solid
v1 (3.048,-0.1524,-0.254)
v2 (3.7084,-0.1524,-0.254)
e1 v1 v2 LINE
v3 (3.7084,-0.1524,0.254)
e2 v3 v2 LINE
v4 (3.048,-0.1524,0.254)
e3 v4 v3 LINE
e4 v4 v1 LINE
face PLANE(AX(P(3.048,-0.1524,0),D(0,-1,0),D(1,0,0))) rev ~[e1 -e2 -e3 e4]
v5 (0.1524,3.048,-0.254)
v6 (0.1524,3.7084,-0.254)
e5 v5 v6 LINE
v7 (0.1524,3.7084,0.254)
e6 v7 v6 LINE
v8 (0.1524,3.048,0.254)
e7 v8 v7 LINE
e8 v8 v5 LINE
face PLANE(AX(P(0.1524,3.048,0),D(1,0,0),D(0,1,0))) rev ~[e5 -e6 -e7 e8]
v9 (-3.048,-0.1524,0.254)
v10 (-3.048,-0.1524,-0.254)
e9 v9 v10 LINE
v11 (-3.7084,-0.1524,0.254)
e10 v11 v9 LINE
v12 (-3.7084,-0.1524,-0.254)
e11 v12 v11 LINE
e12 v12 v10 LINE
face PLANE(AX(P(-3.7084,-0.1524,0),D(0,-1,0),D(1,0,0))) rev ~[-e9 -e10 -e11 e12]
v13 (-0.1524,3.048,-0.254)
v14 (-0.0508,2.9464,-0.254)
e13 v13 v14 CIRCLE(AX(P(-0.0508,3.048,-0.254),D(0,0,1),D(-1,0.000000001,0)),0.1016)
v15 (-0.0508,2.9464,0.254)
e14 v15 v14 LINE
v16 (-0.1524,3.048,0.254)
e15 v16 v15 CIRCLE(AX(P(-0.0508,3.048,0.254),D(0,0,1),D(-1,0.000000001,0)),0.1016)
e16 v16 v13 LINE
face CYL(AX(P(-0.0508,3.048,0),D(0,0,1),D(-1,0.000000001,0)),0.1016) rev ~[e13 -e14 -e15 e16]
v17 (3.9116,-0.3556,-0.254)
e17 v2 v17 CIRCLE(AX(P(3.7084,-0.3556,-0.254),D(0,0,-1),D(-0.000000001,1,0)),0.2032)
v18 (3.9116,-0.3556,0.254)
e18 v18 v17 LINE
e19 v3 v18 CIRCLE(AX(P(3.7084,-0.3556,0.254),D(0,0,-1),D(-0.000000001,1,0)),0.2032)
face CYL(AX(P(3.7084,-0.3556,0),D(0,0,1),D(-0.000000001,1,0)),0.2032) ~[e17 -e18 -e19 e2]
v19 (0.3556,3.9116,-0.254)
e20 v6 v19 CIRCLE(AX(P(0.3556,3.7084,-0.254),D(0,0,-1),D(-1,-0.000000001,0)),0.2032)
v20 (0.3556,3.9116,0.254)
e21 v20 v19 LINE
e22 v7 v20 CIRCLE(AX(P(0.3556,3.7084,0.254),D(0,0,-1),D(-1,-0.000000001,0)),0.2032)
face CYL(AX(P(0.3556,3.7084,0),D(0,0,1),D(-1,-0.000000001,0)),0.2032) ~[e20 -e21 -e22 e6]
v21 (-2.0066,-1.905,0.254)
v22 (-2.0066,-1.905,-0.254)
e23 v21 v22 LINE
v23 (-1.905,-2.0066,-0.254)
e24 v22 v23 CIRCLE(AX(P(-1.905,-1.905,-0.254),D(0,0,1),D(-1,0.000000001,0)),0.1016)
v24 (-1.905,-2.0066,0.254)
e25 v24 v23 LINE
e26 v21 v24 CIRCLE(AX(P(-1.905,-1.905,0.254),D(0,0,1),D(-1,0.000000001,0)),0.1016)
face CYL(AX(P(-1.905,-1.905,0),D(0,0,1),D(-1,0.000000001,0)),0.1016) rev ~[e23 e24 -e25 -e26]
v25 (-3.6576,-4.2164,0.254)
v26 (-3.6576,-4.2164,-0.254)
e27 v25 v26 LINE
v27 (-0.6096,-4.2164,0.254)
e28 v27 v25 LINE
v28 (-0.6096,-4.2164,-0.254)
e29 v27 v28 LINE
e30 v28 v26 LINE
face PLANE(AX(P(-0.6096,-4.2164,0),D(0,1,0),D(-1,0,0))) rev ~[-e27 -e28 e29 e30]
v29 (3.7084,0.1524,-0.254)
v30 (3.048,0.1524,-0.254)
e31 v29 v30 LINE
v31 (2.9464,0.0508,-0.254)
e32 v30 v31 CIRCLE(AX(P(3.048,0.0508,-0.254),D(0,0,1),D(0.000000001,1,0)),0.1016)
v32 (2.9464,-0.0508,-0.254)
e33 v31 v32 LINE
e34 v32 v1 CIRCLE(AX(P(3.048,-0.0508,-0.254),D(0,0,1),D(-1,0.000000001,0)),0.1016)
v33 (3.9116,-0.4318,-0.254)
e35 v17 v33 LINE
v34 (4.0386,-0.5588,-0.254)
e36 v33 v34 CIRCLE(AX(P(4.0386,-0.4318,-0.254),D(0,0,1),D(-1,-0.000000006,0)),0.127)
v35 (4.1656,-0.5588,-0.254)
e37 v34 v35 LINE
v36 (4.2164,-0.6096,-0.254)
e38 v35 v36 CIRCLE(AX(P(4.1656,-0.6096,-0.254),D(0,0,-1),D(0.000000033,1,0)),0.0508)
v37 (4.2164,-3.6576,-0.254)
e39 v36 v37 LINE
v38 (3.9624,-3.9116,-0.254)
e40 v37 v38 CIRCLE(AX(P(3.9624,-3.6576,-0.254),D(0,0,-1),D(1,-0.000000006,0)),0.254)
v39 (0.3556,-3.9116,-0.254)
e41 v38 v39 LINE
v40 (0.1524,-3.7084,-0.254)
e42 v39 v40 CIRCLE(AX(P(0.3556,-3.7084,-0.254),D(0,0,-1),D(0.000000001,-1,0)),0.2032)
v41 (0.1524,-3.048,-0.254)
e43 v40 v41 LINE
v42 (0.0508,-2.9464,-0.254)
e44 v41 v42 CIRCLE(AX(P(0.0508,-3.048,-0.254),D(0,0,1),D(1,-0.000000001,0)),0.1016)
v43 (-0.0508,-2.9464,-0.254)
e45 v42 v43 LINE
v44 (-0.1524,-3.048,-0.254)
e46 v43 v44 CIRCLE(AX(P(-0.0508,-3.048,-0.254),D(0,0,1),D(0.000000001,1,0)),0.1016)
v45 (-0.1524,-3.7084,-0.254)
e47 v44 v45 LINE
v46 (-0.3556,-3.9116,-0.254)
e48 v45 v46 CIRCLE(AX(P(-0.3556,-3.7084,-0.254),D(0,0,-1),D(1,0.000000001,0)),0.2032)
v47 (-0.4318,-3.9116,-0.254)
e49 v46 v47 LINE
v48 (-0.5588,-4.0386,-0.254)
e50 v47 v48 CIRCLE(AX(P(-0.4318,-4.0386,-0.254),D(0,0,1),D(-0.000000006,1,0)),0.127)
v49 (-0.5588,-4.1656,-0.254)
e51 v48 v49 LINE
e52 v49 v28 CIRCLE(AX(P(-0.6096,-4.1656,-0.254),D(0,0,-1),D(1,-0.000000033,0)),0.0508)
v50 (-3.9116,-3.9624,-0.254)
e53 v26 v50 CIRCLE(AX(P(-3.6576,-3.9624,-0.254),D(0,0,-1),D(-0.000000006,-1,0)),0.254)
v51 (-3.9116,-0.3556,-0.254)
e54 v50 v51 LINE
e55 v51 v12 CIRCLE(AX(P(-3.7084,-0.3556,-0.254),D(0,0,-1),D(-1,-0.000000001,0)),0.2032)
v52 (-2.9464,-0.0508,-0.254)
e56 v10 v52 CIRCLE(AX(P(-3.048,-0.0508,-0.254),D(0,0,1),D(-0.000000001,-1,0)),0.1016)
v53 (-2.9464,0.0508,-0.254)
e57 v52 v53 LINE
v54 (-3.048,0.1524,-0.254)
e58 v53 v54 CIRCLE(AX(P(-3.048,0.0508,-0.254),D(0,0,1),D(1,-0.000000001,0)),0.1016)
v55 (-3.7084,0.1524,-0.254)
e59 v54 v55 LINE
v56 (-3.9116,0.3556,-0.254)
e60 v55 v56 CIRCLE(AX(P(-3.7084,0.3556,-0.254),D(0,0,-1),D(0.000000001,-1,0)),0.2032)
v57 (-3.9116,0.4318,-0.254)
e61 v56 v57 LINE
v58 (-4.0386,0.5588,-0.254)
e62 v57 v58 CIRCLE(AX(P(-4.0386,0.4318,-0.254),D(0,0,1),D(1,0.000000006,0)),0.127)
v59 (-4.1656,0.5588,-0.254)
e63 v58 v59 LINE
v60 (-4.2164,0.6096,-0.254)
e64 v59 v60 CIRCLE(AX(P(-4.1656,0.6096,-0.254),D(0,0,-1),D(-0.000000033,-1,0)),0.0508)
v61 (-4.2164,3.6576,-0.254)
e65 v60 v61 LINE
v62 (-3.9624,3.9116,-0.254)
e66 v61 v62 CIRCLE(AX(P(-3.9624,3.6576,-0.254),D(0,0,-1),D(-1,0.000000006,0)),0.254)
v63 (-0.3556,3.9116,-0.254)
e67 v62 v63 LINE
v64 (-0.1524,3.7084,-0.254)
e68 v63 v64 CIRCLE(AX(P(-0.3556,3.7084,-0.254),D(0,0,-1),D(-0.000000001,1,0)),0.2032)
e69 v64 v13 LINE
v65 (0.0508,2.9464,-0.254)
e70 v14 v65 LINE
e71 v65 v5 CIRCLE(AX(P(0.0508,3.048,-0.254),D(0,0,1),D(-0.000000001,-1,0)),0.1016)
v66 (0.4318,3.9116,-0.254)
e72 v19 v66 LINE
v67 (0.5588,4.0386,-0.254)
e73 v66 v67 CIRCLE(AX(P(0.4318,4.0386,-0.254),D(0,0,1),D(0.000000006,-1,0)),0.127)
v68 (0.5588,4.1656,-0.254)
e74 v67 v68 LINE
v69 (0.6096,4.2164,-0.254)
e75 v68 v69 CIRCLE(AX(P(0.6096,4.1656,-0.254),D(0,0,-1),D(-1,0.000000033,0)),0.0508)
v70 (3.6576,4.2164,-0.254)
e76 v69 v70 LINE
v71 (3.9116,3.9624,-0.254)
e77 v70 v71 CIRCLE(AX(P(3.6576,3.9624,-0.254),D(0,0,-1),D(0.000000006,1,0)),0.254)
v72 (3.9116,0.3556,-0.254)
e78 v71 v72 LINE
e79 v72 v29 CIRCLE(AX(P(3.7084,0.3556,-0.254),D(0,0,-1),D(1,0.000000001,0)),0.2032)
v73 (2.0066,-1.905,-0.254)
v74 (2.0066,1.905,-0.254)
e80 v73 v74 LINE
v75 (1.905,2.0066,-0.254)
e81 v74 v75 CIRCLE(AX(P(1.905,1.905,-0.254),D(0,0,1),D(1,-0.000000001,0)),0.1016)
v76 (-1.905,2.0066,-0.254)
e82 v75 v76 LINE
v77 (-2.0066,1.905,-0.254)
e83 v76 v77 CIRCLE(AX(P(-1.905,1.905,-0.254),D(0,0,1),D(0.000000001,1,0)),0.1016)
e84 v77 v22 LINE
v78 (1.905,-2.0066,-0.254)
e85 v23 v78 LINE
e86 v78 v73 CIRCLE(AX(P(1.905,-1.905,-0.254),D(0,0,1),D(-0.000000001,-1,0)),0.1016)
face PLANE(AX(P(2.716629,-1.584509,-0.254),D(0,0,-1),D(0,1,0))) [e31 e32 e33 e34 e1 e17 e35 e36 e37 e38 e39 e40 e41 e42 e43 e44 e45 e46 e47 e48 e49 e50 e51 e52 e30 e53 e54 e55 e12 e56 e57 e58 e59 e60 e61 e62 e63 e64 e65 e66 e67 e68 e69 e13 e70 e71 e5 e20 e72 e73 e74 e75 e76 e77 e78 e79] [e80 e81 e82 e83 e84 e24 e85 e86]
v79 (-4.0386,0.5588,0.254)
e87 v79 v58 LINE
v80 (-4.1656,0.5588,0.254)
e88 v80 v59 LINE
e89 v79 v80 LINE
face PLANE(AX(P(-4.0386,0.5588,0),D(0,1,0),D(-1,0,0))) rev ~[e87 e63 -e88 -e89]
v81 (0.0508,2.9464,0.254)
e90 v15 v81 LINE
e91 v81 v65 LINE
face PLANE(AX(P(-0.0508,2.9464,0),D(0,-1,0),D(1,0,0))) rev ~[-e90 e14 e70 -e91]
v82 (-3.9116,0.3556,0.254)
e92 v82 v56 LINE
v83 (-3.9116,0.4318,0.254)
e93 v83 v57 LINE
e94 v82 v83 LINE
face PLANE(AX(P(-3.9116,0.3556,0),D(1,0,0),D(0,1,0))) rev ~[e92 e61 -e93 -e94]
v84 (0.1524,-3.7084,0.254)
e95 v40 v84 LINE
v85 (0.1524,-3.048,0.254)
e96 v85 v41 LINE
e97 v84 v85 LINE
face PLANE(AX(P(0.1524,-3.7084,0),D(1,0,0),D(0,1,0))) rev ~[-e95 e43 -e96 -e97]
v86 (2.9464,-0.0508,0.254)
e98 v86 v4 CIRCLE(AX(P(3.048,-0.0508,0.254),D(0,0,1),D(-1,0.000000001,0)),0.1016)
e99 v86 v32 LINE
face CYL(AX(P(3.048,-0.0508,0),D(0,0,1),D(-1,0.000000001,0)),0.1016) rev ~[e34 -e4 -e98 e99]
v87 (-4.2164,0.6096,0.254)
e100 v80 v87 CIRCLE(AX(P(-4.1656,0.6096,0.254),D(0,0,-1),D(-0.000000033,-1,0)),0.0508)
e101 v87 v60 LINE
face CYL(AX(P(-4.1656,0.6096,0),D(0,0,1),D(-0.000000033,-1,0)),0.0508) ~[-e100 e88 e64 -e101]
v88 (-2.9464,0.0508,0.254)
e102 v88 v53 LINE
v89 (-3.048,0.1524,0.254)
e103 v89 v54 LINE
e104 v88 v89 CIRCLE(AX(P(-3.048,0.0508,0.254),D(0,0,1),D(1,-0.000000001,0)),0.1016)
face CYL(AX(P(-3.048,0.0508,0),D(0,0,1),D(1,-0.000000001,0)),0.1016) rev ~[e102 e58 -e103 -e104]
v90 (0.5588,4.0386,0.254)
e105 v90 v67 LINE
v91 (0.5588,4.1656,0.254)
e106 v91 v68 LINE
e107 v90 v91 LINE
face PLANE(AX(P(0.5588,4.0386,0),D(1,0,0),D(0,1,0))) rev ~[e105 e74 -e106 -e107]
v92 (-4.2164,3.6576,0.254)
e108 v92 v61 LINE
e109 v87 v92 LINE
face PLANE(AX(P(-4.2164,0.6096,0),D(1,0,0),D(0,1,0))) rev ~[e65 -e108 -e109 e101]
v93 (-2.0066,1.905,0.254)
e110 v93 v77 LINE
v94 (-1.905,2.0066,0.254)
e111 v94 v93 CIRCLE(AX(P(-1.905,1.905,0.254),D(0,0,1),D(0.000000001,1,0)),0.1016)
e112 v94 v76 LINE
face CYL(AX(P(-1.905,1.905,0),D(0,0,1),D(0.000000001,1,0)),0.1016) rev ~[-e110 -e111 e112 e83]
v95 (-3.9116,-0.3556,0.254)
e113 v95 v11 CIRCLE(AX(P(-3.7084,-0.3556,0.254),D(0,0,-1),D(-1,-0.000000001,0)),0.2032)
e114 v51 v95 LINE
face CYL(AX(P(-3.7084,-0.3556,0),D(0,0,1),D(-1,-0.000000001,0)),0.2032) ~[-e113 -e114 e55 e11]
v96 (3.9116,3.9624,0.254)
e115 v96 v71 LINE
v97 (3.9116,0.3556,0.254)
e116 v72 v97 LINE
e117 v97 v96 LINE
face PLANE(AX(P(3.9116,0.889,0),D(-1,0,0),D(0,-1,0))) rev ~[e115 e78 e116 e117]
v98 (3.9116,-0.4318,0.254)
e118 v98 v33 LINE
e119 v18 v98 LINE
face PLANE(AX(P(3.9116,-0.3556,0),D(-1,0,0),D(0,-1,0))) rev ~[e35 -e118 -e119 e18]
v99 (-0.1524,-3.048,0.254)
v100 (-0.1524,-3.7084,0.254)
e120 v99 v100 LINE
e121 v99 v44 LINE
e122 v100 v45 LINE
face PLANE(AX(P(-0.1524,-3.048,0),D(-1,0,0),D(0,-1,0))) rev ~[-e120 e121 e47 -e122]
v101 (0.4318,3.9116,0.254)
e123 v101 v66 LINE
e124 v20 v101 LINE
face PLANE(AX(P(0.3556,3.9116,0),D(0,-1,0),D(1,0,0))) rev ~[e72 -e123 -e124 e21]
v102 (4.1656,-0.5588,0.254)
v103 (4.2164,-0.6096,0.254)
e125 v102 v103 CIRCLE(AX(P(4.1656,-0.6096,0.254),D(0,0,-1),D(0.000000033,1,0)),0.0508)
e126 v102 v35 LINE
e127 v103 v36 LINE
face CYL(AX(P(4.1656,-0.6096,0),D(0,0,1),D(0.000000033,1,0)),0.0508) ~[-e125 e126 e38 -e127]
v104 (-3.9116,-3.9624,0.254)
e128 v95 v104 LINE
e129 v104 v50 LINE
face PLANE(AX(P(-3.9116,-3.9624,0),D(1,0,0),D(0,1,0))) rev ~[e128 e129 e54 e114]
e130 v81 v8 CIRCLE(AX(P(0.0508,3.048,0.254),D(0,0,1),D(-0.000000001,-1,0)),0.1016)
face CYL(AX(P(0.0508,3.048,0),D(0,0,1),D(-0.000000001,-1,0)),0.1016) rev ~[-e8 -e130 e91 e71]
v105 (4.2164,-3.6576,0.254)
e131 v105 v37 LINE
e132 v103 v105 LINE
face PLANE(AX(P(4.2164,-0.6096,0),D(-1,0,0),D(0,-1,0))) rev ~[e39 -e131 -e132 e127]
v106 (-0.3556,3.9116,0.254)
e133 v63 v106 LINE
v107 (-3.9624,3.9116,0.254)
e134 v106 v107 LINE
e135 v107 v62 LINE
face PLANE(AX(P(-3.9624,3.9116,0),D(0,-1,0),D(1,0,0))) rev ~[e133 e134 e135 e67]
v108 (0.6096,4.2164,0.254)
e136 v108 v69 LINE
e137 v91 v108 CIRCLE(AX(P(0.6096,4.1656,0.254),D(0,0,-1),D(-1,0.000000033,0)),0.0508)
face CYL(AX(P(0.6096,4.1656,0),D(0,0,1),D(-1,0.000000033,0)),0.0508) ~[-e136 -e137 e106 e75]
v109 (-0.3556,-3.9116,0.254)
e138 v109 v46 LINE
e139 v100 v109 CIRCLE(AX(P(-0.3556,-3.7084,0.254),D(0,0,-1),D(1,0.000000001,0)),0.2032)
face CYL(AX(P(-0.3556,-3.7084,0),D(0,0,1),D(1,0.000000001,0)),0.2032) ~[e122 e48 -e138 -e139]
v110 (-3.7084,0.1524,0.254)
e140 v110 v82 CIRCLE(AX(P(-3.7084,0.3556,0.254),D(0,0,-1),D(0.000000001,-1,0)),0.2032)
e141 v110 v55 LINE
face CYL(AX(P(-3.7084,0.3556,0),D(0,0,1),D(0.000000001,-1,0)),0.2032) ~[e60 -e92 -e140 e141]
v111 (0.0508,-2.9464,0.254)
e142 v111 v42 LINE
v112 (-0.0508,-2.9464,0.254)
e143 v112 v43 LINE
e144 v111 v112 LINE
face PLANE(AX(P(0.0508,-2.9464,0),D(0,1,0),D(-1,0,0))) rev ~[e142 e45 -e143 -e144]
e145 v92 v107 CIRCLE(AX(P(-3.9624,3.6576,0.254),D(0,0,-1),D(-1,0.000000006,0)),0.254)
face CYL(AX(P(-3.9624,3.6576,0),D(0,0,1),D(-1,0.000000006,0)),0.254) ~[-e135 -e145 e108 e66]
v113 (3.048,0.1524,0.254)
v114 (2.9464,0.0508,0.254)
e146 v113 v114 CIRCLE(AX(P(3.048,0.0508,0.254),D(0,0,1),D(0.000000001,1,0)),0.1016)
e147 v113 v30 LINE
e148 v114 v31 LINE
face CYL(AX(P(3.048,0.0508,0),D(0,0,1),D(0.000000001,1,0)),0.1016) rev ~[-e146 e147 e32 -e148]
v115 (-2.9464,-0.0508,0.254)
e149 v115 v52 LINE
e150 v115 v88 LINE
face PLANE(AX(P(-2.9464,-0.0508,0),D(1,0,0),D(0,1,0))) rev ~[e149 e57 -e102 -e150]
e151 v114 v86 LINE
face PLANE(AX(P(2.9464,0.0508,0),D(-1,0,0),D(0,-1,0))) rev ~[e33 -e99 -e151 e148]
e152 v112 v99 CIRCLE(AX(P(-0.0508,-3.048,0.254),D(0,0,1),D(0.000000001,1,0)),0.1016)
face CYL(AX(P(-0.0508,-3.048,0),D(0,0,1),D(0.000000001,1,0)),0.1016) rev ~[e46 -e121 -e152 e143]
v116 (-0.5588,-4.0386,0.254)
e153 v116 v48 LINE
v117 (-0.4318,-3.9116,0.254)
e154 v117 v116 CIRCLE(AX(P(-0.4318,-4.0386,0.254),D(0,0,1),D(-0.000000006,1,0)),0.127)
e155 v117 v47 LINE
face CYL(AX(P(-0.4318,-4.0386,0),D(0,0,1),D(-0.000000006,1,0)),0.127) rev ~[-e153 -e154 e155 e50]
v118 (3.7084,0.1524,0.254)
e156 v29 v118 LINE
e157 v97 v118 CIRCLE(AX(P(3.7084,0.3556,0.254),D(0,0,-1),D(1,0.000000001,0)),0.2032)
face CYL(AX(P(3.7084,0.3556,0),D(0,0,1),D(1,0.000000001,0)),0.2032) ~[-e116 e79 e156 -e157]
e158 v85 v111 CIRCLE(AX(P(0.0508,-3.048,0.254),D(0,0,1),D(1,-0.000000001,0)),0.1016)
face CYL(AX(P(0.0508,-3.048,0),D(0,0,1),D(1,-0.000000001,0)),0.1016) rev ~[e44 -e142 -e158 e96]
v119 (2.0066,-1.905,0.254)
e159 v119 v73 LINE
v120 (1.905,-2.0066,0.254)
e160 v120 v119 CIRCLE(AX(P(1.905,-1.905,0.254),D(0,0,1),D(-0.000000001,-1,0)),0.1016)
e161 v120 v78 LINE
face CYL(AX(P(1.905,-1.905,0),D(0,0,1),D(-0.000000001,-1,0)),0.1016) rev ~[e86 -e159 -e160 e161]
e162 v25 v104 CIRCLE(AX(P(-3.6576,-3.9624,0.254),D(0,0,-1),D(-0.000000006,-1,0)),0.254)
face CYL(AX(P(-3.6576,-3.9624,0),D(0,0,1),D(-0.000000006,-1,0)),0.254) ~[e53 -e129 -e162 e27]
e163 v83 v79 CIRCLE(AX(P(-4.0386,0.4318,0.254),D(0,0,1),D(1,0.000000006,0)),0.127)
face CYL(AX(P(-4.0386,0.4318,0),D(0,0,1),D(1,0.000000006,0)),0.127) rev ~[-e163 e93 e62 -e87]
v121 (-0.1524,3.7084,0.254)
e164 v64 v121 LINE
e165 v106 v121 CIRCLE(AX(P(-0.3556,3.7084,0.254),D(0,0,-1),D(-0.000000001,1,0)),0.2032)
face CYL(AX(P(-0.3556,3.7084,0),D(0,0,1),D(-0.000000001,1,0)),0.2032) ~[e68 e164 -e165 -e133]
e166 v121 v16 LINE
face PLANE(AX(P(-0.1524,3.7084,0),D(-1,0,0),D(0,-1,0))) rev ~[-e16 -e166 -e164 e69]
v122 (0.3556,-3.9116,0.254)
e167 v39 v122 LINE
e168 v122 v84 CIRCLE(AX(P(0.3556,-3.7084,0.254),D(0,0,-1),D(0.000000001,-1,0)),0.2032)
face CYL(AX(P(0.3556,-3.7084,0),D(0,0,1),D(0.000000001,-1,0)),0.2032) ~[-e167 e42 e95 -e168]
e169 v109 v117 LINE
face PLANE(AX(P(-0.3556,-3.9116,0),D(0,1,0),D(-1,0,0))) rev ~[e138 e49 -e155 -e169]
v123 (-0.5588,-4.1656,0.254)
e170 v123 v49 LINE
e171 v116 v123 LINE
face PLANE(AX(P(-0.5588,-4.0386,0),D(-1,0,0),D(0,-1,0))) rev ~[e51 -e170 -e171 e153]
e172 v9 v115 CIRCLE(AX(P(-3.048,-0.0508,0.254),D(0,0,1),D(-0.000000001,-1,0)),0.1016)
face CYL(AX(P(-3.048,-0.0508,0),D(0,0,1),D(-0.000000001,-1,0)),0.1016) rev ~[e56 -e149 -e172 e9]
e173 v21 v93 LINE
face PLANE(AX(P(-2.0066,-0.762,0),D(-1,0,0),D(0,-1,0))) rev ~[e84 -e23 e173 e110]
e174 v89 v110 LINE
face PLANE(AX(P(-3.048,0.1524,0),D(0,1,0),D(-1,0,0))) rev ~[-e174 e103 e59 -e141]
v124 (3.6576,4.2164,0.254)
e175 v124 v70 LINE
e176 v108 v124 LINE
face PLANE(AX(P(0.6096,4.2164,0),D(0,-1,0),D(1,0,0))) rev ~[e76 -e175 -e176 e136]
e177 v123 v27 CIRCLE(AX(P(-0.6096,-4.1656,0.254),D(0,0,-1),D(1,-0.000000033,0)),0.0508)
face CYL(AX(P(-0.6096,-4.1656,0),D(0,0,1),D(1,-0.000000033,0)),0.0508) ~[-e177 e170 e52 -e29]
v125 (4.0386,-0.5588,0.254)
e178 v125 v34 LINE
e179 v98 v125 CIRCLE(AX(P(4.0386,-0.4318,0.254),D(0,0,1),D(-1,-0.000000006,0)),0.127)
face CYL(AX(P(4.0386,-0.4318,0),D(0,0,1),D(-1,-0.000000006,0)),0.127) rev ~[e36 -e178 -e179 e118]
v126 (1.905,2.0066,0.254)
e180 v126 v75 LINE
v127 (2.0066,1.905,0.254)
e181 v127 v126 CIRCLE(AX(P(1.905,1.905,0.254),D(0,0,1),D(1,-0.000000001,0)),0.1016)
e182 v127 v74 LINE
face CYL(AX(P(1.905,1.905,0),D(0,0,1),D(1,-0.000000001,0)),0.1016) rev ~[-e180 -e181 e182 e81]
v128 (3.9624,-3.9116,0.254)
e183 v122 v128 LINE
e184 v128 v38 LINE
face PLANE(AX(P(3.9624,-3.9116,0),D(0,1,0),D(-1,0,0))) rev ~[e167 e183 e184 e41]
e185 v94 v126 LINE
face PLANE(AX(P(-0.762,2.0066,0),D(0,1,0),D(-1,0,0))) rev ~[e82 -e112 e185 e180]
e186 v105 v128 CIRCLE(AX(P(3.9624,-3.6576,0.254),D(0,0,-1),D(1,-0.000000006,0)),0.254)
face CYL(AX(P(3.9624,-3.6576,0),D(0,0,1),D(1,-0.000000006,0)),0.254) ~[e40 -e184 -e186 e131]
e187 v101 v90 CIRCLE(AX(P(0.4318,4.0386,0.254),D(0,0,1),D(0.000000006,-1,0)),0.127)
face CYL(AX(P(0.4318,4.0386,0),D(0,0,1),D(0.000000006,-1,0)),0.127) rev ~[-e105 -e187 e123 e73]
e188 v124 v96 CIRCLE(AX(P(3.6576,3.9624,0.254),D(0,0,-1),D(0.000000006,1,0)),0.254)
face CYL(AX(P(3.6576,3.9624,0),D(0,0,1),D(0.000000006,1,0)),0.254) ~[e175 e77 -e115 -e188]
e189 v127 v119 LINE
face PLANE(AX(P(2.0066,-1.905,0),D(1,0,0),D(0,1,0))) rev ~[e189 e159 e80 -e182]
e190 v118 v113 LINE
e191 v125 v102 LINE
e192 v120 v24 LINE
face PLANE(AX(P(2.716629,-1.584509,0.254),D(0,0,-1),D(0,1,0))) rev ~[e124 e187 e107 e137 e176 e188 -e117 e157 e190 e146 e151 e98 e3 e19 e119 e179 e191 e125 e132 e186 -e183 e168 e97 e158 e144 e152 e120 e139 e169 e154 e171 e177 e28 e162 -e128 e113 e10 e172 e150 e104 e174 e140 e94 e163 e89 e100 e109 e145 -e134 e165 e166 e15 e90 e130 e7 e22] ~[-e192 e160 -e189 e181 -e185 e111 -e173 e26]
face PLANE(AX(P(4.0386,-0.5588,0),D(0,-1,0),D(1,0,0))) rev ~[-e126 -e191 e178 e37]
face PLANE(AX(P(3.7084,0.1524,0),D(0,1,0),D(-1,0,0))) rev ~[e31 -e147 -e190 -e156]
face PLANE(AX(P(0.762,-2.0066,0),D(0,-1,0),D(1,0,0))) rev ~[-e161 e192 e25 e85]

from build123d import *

# Parameters (mm, degrees)
EXTRUDE1_DEPTH    = 0.254
CIRPATTERN1_COUNT = 4


with BuildPart() as part:
    # Sketch2 → Extrude1 (new, symmetric)
    with BuildSketch(Plane.XY):
        with BuildLine():
            Line((-0.1524, 3.7084), (-0.1524, 3.048))
            ThreePointArc((-0.1524, 3.048), (-0.122642049, 2.976157951), (-0.0508, 2.9464))
            Line((-0.0508, 2.9464), (0.0508, 2.9464))
            ThreePointArc((0.0508, 2.9464), (0.122642049, 2.976157951), (0.1524, 3.048))
            Line((0.1524, 3.048), (0.1524, 3.7084))
            ThreePointArc((0.1524, 3.7084), (0.211915902, 3.852084098), (0.3556, 3.9116))
            Line((0.3556, 3.9116), (0.4318, 3.9116))
            ThreePointArc((0.4318, 3.9116), (0.521602561, 3.948797439), (0.5588, 4.0386))
            Line((0.5588, 4.0386), (0.5588, 4.1656))
            ThreePointArc((0.5588, 4.1656), (0.573678976, 4.201521024), (0.6096, 4.2164))
            Line((0.6096, 4.2164), (3.6576, 4.2164))
            ThreePointArc((3.6576, 4.2164), (3.837205122, 4.142005122), (3.9116, 3.9624))
            Line((3.9116, 3.9624), (3.9116, 0.762))
            Line((3.9116, 0.762), (2.0066, 0.762))
            Line((2.0066, 0.762), (2.0066, 1.905))
            ThreePointArc((2.0066, 1.905), (1.976842049, 1.976842049), (1.905, 2.0066))
            Line((1.905, 2.0066), (-0.889, 2.0066))
            Line((-0.889, 2.0066), (-0.889, 3.9116))
            Line((-0.889, 3.9116), (-0.3556, 3.9116))
            ThreePointArc((-0.3556, 3.9116), (-0.211915902, 3.852084098), (-0.1524, 3.7084))
        make_face()
    extrude1 = extrude(amount=EXTRUDE1_DEPTH, both=True)

    # CirPattern1: Extrude1 ×4 about axis
    cirpattern1_axis = Axis((0, 0, -69.733664692), (0, 0, 1))
    for i in range(1, CIRPATTERN1_COUNT):
        add(extrude1.rotate(cirpattern1_axis, i * 360 / CIRPATTERN1_COUNT))


solid = part.part
